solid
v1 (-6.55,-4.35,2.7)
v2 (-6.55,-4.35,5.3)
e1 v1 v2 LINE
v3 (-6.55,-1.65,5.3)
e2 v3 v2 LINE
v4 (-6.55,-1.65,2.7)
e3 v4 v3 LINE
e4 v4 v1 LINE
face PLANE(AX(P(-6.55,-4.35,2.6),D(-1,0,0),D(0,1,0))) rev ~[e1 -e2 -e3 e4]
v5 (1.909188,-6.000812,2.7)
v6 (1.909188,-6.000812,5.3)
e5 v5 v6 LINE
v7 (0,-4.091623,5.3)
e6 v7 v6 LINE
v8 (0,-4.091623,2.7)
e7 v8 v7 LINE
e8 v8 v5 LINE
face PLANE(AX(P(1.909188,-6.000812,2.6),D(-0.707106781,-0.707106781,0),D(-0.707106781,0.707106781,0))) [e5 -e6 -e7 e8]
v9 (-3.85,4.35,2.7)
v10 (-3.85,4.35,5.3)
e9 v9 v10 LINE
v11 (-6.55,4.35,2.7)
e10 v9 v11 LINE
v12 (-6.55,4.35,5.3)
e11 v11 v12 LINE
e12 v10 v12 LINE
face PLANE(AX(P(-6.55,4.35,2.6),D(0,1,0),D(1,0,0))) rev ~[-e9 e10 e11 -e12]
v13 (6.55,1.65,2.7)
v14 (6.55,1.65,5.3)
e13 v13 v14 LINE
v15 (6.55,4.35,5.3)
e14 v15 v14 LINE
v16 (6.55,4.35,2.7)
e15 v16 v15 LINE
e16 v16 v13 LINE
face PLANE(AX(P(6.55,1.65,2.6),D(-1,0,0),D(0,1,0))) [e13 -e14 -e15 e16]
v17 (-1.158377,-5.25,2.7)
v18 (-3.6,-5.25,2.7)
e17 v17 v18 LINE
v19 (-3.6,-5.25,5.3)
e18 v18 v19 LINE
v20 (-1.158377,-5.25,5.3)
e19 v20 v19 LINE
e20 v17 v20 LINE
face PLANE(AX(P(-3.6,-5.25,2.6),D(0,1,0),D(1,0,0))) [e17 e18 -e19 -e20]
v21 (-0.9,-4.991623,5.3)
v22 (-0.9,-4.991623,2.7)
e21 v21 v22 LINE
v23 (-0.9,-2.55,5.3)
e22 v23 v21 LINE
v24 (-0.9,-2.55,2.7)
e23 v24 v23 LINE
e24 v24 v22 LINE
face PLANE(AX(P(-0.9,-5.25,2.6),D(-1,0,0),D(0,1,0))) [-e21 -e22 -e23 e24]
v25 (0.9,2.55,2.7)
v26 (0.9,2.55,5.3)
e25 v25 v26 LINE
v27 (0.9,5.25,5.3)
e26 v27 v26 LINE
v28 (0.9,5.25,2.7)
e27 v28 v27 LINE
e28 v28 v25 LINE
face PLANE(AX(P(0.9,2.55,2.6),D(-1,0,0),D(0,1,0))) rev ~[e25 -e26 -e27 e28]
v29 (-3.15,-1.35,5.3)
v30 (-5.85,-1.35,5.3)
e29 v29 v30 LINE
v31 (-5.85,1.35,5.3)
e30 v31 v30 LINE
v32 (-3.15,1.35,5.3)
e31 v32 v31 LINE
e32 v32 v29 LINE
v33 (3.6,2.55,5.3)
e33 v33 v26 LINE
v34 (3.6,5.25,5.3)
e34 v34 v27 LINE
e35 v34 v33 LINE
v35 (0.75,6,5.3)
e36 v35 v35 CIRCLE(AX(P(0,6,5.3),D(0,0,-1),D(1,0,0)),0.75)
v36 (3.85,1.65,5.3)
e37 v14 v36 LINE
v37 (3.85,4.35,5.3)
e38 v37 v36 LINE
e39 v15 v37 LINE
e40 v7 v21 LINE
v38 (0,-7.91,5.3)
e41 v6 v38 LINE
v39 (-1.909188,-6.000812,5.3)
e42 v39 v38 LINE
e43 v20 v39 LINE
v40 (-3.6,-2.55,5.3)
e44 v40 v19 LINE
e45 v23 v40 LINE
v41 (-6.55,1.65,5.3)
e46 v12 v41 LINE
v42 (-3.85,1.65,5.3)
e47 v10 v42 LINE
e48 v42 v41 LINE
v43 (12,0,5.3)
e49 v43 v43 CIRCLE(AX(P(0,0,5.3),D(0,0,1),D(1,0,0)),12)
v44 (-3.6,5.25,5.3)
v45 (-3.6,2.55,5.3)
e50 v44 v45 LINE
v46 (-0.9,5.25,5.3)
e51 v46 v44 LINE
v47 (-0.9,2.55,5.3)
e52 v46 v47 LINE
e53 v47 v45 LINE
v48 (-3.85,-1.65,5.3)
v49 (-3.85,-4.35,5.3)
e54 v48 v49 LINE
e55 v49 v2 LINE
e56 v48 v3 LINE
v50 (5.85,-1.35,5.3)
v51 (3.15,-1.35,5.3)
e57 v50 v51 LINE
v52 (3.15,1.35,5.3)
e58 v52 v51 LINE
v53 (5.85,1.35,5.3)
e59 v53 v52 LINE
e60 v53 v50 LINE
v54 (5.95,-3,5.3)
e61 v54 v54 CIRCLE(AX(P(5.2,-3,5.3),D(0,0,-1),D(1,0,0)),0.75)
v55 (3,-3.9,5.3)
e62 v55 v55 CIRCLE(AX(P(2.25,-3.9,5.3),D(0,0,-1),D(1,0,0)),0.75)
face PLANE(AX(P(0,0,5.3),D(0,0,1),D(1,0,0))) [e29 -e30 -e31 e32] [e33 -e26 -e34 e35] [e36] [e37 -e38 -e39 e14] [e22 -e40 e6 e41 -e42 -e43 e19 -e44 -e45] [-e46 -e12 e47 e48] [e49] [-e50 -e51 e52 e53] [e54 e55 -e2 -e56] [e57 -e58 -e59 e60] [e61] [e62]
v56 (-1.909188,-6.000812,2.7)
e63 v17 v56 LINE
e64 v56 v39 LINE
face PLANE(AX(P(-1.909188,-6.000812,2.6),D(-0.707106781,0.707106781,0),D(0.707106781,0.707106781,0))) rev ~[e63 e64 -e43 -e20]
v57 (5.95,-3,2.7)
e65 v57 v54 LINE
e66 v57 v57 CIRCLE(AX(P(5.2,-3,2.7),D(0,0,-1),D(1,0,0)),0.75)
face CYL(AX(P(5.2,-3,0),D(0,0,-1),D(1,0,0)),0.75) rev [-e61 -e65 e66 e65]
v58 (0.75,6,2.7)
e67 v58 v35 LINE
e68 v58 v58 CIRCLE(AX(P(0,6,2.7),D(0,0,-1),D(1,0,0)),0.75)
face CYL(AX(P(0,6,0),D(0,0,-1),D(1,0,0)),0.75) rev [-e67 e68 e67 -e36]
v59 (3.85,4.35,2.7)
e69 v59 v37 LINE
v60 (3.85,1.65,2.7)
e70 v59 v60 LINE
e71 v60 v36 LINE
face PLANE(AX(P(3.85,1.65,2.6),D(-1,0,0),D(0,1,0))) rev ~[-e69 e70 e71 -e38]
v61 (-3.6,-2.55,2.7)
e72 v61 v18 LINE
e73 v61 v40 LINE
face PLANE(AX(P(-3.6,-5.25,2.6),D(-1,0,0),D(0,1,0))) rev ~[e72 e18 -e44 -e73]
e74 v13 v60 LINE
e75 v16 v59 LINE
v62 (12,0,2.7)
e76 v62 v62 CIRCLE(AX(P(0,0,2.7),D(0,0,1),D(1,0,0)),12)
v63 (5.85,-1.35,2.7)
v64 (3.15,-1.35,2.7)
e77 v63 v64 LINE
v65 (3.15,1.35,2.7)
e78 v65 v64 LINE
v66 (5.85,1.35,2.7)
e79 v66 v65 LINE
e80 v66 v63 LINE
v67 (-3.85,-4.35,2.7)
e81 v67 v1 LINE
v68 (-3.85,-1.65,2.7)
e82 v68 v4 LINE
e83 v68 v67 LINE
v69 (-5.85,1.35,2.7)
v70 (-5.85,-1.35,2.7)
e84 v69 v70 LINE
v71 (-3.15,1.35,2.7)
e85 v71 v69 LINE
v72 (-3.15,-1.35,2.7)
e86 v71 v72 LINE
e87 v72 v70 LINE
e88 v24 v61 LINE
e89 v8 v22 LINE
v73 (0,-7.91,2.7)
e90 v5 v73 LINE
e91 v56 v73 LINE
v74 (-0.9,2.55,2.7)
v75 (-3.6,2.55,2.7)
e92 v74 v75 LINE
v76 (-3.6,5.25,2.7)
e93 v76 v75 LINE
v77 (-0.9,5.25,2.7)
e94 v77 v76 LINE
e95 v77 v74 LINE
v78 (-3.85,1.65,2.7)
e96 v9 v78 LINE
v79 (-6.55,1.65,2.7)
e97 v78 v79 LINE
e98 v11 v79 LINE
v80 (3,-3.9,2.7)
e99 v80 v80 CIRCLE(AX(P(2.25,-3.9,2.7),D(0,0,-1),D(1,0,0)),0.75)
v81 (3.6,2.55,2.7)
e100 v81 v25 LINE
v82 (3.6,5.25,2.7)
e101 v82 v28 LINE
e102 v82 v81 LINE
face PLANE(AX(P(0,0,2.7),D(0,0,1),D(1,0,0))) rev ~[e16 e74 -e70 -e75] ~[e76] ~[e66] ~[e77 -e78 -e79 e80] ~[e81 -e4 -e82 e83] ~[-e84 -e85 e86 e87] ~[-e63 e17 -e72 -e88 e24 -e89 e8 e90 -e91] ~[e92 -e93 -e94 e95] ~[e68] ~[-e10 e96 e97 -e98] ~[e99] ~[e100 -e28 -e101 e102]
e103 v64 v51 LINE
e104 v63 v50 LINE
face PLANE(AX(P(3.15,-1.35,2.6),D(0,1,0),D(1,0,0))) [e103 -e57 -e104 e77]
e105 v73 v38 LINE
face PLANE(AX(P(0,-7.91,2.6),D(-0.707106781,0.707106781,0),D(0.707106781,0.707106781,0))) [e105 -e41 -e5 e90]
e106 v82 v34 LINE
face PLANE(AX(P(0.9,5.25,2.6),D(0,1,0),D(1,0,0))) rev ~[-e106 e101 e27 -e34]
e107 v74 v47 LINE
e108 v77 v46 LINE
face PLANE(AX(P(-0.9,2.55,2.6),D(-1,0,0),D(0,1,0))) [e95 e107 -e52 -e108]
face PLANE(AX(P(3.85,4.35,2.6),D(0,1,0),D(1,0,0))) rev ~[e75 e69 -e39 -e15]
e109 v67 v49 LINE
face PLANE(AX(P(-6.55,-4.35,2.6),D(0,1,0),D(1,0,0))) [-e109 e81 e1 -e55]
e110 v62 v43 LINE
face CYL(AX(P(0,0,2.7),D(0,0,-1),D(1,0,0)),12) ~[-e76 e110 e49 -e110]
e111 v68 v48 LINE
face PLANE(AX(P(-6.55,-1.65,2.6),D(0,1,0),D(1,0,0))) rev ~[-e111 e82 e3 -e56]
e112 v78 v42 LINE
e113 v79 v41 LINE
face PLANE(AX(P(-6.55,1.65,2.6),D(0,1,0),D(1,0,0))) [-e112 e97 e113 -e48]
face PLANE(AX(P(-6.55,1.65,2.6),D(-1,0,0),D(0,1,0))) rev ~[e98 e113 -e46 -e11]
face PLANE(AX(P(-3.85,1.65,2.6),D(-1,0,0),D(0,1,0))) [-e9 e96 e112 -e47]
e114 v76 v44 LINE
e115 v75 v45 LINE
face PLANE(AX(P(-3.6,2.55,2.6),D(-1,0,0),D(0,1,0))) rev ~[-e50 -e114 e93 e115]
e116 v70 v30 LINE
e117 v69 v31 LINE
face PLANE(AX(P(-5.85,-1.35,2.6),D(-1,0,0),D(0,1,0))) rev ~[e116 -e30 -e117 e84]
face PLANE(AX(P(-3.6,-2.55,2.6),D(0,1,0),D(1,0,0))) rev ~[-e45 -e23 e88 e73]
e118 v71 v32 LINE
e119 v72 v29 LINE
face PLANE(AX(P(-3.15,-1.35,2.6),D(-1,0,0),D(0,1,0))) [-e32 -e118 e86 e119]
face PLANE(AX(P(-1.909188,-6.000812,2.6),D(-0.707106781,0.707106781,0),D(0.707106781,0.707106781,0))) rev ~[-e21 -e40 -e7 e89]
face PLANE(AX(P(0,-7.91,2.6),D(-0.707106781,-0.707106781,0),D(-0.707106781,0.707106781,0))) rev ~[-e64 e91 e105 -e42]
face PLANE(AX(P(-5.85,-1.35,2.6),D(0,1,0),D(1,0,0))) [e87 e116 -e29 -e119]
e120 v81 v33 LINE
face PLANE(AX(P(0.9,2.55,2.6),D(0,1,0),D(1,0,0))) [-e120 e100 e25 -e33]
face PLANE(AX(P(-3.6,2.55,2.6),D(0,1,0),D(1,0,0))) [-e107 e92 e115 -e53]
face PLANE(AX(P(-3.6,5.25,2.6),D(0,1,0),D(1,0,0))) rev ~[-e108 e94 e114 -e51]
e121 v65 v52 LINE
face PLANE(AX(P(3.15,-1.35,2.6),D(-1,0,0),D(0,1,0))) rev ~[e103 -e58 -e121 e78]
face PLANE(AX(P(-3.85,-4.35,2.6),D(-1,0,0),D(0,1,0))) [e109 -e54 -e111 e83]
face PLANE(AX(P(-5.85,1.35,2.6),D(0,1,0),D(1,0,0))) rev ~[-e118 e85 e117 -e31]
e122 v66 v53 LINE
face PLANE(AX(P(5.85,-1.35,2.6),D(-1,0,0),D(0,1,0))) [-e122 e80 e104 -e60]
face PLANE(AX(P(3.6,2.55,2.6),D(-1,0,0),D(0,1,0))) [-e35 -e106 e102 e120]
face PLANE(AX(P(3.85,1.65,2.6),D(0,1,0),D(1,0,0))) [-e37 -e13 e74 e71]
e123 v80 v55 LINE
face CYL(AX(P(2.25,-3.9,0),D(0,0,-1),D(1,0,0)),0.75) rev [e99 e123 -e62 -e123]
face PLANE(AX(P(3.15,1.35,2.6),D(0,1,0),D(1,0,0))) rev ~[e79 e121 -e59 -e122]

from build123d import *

# Parameters (mm, degrees)
BOX018_W               = 2.7
BOX018_H               = 2.7
BOX018_DEPTH           = 2.8
BOX021_W               = 2.7
BOX021_H               = 2.7
BOX021_DEPTH           = 2.8
BOX022_W               = 2.7
BOX022_H               = 2.7
BOX022_DEPTH           = 2.8
BOX023_W               = 2.7
BOX023_H               = 2.7
BOX023_DEPTH           = 2.8
BOX024_W               = 2.7
BOX024_H               = 2.7
BOX024_DEPTH           = 2.8
BOX025_W               = 2.7
BOX025_H               = 2.7
BOX025_DEPTH           = 2.8
BOX026_W               = 2.7
BOX026_H               = 2.7
BOX026_DEPTH           = 2.8
BOX019_W               = 2.7
BOX019_H               = 2.7
BOX019_DEPTH           = 2.8
BOX019_PLACEMENT_ANGLE = 45
BOX020_W               = 2.7
BOX020_H               = 2.7
BOX020_DEPTH           = 2.8
CYLINDER050_R          = 0.75
CYLINDER050_DEPTH      = 10
CYLINDER051_R          = 0.75
CYLINDER051_DEPTH      = 10
CYLINDER049_R          = 0.75
CYLINDER049_DEPTH      = 10
CYLINDER048_R          = 12
CYLINDER048_DEPTH      = 2.6


with BuildPart() as cube018:
    # Box018 → Box018 (new body)
    with BuildSketch(Plane(origin=(-3.6, 2.55, 2.6), x_dir=(1, 0, 0), z_dir=(0, 0, 1))):
        with Locations((1.35, 1.35)):
            Rectangle(BOX018_W, BOX018_H)
    extrude(amount=BOX018_DEPTH)


with BuildPart() as cube021:
    # Box021 → Box021 (new body)
    with BuildSketch(Plane(origin=(-6.55, -4.35, 2.6), x_dir=(1, 0, 0), z_dir=(0, 0, 1))):
        with Locations((1.35, 1.35)):
            Rectangle(BOX021_W, BOX021_H)
    extrude(amount=BOX021_DEPTH)


with BuildPart() as cube022:
    # Box022 → Box022 (new body)
    with BuildSketch(Plane(origin=(-5.85, -1.35, 2.6), x_dir=(1, 0, 0), z_dir=(0, 0, 1))):
        with Locations((1.35, 1.35)):
            Rectangle(BOX022_W, BOX022_H)
    extrude(amount=BOX022_DEPTH)


with BuildPart() as cube023:
    # Box023 → Box023 (new body)
    with BuildSketch(Plane(origin=(-6.55, 1.65, 2.6), x_dir=(1, 0, 0), z_dir=(0, 0, 1))):
        with Locations((1.35, 1.35)):
            Rectangle(BOX023_W, BOX023_H)
    extrude(amount=BOX023_DEPTH)


with BuildPart() as cube024:
    # Box024 → Box024 (new body)
    with BuildSketch(Plane(origin=(0.9, 2.55, 2.6), x_dir=(1, 0, 0), z_dir=(0, 0, 1))):
        with Locations((1.35, 1.35)):
            Rectangle(BOX024_W, BOX024_H)
    extrude(amount=BOX024_DEPTH)


with BuildPart() as cube025:
    # Box025 → Box025 (new body)
    with BuildSketch(Plane(origin=(3.85, 1.65, 2.6), x_dir=(1, 0, 0), z_dir=(0, 0, 1))):
        with Locations((1.35, 1.35)):
            Rectangle(BOX025_W, BOX025_H)
    extrude(amount=BOX025_DEPTH)


with BuildPart() as cube026:
    # Box026 → Box026 (new body)
    with BuildSketch(Plane(origin=(3.15, -1.35, 2.6), x_dir=(1, 0, 0), z_dir=(0, 0, 1))):
        with Locations((1.35, 1.35)):
            Rectangle(BOX026_W, BOX026_H)
    extrude(amount=BOX026_DEPTH)


with BuildPart() as cube019:
    # Box019 → Box019 (new body)
    with BuildSketch(Plane.XY):
        with Locations((1.35, 1.35)):
            Rectangle(BOX019_W, BOX019_H)
    extrude(amount=BOX019_DEPTH)


with BuildPart() as cube019_1:
    # Box019 placement: moved
    add(cube019.part.moved(Location((0, -7.91, 2.6))).rotate(Axis((0, -7.91, 2.6), (0, 0, 1)), BOX019_PLACEMENT_ANGLE))


with BuildPart() as fusion019:
    # Box020 → Box020 (new body)
    with BuildSketch(Plane(origin=(-3.6, -5.25, 2.6), x_dir=(1, 0, 0), z_dir=(0, 0, 1))):
        with Locations((1.35, 1.35)):
            Rectangle(BOX020_W, BOX020_H)
    extrude(amount=BOX020_DEPTH)

    # Fusion019: union Cube019
    add(cube019_1.part)


with BuildPart() as cylinder051:
    # Cylinder050 → Cylinder050 (new body)
    with BuildSketch(Plane(origin=(0, 6, 0), x_dir=(1, 0, 0), z_dir=(0, 0, 1))):
        Circle(CYLINDER050_R)
    extrude(amount=CYLINDER050_DEPTH)


with BuildPart() as cylinder048:
    # Cylinder051 → Cylinder051 (new body)
    with BuildSketch(Plane(origin=(2.25, -3.9, 0), x_dir=(1, 0, 0), z_dir=(0, 0, 1))):
        Circle(CYLINDER051_R)
    extrude(amount=CYLINDER051_DEPTH)


with BuildPart() as compound001:
    # Cylinder049 → Cylinder049 (new body)
    with BuildSketch(Plane(origin=(5.2, -3, 0), x_dir=(1, 0, 0), z_dir=(0, 0, 1))):
        Circle(CYLINDER049_R)
    extrude(amount=CYLINDER049_DEPTH)

    # Compound001: union Cube018, Cube021, Cube022, Cube023, Cube024, Cube025, Cube026, Fusion019, Cylinder051, Cylinder048
    add(cube018.part)
    add(cube021.part)
    add(cube022.part)
    add(cube023.part)
    add(cube024.part)
    add(cube025.part)
    add(cube026.part)
    add(fusion019.part)
    add(cylinder051.part)
    add(cylinder048.part)


with BuildPart() as pcb_solder_jig:
    # Cylinder048 → Cylinder048 (new body)
    with BuildSketch(Plane.XY.offset(2.7)):
        Circle(CYLINDER048_R)
    extrude(amount=CYLINDER048_DEPTH)

    # Cut013010: cut Compound001
    add(compound001.part, mode=Mode.SUBTRACT)


solid = pcb_solder_jig.part
